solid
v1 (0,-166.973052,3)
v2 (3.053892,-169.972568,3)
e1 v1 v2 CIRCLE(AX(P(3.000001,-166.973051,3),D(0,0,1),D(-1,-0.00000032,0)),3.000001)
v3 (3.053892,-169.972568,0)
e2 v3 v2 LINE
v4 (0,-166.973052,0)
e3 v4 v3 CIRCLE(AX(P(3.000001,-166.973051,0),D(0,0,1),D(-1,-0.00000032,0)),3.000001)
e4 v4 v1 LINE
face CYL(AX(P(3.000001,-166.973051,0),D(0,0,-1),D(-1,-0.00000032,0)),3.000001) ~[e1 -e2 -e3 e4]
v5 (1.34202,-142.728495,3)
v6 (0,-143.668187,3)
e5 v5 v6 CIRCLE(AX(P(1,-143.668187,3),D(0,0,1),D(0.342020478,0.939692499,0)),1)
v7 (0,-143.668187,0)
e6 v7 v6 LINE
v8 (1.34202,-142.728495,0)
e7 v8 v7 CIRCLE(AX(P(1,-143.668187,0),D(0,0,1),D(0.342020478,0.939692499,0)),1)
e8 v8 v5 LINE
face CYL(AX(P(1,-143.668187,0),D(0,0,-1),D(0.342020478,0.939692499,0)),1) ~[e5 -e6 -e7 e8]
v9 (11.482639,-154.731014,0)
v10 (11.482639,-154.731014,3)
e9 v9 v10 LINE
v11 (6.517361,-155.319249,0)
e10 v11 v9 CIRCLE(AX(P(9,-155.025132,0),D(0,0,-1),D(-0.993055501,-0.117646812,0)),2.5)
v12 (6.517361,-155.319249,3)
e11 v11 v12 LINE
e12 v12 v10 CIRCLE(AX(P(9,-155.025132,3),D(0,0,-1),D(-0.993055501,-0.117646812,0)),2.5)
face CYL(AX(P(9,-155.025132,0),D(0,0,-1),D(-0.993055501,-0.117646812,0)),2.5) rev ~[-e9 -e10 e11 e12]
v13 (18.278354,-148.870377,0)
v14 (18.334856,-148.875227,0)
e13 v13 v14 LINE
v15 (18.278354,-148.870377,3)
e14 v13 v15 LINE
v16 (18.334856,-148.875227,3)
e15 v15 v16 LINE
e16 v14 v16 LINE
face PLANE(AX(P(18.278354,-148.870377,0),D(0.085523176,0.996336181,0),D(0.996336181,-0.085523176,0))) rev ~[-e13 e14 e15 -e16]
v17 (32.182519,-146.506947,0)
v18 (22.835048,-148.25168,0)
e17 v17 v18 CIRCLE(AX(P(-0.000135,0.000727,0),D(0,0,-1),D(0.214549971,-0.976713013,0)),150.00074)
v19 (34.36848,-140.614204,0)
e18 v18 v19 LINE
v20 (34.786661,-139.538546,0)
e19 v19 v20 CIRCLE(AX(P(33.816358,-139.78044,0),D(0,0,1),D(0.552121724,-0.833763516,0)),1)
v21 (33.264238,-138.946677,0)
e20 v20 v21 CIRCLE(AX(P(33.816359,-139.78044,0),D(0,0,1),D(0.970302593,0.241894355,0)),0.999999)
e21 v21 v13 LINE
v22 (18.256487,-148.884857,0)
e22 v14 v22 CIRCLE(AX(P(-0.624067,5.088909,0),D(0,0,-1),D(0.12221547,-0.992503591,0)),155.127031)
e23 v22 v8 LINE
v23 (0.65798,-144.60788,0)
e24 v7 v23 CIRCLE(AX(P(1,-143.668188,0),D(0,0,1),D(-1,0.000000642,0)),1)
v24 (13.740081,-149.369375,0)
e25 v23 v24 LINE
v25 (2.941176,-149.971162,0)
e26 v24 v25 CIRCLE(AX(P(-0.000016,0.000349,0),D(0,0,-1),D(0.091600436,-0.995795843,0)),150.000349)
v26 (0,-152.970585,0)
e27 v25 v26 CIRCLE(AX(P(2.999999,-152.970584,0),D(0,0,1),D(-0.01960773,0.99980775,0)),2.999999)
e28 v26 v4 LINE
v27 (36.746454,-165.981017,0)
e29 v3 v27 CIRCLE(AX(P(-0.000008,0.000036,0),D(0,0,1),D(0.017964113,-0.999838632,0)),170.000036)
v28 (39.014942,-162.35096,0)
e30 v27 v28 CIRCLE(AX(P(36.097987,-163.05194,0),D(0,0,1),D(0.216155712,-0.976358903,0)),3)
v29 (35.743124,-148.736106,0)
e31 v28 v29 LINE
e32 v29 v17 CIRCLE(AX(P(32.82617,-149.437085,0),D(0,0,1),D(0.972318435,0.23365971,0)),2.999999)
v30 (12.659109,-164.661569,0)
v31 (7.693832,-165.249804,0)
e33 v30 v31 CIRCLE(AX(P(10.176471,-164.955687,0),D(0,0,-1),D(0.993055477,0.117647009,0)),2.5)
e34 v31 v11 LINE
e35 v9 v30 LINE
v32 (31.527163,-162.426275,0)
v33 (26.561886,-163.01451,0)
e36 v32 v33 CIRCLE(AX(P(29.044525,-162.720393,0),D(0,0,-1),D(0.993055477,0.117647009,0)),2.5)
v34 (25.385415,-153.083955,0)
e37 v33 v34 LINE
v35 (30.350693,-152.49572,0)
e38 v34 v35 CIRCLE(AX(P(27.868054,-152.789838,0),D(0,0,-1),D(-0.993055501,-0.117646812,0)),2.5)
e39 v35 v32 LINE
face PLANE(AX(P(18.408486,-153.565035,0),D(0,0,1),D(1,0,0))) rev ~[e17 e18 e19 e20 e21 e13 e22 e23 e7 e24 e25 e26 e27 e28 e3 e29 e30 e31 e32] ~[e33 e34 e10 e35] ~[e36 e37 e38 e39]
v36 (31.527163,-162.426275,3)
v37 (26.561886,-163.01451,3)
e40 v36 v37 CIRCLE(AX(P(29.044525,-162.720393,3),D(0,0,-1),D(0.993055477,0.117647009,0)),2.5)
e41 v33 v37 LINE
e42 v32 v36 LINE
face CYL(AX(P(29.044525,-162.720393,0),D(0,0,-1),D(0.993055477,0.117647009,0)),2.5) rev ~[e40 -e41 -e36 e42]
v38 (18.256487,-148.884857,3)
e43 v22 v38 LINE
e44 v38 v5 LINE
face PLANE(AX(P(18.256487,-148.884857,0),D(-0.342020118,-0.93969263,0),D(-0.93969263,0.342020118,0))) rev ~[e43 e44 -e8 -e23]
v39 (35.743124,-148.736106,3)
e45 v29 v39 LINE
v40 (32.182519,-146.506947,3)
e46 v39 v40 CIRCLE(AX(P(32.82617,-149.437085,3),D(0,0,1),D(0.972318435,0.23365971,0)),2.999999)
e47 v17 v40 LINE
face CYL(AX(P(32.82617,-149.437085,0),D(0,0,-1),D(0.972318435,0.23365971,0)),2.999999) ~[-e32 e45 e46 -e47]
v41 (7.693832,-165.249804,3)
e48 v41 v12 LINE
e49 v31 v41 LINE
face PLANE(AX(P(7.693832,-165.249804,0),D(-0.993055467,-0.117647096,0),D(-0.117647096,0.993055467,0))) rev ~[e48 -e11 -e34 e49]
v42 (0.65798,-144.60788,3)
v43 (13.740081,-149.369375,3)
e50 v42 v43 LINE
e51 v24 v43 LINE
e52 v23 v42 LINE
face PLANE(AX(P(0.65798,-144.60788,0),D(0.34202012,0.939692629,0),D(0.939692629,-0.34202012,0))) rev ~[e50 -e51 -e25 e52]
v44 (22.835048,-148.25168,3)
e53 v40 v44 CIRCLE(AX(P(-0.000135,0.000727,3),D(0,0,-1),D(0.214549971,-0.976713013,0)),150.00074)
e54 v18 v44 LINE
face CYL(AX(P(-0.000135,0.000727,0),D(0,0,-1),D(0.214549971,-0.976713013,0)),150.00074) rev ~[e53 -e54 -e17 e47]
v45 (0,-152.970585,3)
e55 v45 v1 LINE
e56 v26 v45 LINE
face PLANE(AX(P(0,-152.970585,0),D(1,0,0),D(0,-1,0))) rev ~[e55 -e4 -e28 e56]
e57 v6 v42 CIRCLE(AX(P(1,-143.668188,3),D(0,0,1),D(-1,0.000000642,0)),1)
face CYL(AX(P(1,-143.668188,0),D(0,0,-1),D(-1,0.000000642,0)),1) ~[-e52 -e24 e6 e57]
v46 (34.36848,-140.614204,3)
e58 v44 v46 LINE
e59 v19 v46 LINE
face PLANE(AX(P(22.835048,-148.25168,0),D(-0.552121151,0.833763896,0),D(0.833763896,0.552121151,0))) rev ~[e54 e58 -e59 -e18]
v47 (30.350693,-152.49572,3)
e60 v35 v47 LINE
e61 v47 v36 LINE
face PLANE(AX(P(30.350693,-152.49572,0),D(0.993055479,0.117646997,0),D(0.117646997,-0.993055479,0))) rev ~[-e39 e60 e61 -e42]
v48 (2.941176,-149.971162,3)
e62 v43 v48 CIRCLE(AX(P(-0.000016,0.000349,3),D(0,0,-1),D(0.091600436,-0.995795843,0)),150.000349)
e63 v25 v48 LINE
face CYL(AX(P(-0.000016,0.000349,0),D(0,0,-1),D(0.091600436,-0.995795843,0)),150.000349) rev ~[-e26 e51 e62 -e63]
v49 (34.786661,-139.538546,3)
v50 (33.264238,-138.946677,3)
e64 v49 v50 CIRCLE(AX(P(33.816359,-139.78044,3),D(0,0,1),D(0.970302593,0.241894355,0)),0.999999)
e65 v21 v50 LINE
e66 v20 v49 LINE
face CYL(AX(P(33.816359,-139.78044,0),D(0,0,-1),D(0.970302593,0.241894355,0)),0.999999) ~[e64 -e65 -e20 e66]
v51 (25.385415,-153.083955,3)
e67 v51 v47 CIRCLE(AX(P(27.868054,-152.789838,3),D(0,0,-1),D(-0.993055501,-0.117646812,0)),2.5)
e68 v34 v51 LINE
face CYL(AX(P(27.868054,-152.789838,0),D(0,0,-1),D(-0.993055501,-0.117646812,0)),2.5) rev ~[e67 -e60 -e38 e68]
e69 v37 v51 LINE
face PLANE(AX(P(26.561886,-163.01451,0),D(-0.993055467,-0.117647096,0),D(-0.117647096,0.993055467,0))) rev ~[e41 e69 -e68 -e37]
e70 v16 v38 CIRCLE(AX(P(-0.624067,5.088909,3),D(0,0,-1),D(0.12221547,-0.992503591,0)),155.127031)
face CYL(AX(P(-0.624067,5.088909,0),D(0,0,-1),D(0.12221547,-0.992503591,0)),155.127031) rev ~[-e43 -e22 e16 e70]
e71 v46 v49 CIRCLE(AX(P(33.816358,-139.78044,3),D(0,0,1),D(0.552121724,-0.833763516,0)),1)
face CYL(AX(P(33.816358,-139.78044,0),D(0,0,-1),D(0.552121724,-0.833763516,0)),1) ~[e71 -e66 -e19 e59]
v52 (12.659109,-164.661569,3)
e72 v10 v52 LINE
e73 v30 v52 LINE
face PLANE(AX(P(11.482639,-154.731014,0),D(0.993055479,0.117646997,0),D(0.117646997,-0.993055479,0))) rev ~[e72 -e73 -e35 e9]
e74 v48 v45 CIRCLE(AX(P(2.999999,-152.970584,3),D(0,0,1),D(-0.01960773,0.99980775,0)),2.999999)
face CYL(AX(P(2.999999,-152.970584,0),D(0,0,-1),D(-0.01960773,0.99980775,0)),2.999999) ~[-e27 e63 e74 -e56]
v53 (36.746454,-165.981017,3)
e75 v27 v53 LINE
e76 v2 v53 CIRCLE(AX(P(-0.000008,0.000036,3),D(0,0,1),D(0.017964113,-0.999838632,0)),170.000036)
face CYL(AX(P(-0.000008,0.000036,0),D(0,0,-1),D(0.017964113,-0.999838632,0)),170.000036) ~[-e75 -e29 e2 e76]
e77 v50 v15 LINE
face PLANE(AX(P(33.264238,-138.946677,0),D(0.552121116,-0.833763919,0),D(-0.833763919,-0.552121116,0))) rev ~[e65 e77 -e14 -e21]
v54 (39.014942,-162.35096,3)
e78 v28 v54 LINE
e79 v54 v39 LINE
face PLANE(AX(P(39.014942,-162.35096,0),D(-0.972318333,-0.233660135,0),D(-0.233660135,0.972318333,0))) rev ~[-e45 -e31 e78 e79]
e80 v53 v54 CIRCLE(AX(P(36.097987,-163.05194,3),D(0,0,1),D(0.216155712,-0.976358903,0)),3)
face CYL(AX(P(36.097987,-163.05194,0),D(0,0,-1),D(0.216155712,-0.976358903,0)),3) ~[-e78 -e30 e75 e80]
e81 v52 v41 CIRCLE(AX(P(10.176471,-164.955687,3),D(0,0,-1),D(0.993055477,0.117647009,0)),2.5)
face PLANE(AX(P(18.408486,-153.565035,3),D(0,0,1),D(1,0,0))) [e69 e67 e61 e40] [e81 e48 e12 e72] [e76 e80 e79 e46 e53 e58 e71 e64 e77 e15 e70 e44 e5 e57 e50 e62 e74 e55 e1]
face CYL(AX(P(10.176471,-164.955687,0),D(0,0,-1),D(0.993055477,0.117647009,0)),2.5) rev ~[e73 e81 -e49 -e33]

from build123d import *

# Parameters (mm, degrees)
F1_DEPTH = 3


with BuildPart() as f1:
    # F0 (on Top) → F1 (new body)
    with BuildSketch(Plane.XY):
        with BuildLine():
            ThreePointArc((13.740081, -149.369375), (8.346054, -149.767631), (2.941176, -149.971162))
            ThreePointArc((2.941176, -149.971162), (0.857983, -150.870165), (0, -152.970585))
            Line((0, -152.970585), (0, -166.973052))
            ThreePointArc((0, -166.973052), (0.89782, -169.113341), (3.053892, -169.972568))
            ThreePointArc((3.053892, -169.972568), (20, -168.81943), (36.746454, -165.981017))
            ThreePointArc((36.746454, -165.981017), (38.642075, -164.641788), (39.014942, -162.35096))
            Line((39.014942, -162.35096), (35.743124, -148.736106))
            ThreePointArc((35.743124, -148.736106), (34.418107, -146.894305), (32.182519, -146.506947))
            ThreePointArc((32.182519, -146.506947), (27.522612, -147.453402), (22.835048, -148.25168))
            Line((22.835048, -148.25168), (34.36848, -140.614204))
            ThreePointArc((34.36848, -140.614204), (34.748401, -140.142789), (34.786661, -139.538546))
            ThreePointArc((34.786661, -139.538546), (34.178707, -138.848398), (33.264238, -138.946677))
            Line((33.264238, -138.946677), (18.278354, -148.870377))
            Line((18.278354, -148.870377), (18.334856, -148.875227))
            ThreePointArc((18.334856, -148.875227), (18.295672, -148.880047), (18.256487, -148.884857))
            Line((18.256487, -148.884857), (1.34202, -142.728495))
            ThreePointArc((1.34202, -142.728495), (0.426424, -142.849035), (0, -143.668187))
            ThreePointArc((0, -143.668187), (0.180848, -144.241764), (0.65798, -144.60788))
            Line((0.65798, -144.60788), (13.740081, -149.369375))
        make_face()
        with BuildLine():
            ThreePointArc((6.517361, -155.319249), (8.705882, -152.542493), (11.482639, -154.731014))
            Line((11.482639, -154.731014), (12.659109, -164.661569))
            ThreePointArc((12.659109, -164.661569), (10.470588, -167.438325), (7.693832, -165.249804))
            Line((7.693832, -165.249804), (6.517361, -155.319249))
        make_face(mode=Mode.SUBTRACT)
        with BuildLine():
            ThreePointArc((25.385415, -153.083955), (27.573936, -150.307199), (30.350693, -152.49572))
            Line((30.350693, -152.49572), (31.527163, -162.426275))
            ThreePointArc((31.527163, -162.426275), (29.338642, -165.203031), (26.561886, -163.01451))
            Line((26.561886, -163.01451), (25.385415, -153.083955))
        make_face(mode=Mode.SUBTRACT)
    extrude(amount=F1_DEPTH)


solid = f1.part
